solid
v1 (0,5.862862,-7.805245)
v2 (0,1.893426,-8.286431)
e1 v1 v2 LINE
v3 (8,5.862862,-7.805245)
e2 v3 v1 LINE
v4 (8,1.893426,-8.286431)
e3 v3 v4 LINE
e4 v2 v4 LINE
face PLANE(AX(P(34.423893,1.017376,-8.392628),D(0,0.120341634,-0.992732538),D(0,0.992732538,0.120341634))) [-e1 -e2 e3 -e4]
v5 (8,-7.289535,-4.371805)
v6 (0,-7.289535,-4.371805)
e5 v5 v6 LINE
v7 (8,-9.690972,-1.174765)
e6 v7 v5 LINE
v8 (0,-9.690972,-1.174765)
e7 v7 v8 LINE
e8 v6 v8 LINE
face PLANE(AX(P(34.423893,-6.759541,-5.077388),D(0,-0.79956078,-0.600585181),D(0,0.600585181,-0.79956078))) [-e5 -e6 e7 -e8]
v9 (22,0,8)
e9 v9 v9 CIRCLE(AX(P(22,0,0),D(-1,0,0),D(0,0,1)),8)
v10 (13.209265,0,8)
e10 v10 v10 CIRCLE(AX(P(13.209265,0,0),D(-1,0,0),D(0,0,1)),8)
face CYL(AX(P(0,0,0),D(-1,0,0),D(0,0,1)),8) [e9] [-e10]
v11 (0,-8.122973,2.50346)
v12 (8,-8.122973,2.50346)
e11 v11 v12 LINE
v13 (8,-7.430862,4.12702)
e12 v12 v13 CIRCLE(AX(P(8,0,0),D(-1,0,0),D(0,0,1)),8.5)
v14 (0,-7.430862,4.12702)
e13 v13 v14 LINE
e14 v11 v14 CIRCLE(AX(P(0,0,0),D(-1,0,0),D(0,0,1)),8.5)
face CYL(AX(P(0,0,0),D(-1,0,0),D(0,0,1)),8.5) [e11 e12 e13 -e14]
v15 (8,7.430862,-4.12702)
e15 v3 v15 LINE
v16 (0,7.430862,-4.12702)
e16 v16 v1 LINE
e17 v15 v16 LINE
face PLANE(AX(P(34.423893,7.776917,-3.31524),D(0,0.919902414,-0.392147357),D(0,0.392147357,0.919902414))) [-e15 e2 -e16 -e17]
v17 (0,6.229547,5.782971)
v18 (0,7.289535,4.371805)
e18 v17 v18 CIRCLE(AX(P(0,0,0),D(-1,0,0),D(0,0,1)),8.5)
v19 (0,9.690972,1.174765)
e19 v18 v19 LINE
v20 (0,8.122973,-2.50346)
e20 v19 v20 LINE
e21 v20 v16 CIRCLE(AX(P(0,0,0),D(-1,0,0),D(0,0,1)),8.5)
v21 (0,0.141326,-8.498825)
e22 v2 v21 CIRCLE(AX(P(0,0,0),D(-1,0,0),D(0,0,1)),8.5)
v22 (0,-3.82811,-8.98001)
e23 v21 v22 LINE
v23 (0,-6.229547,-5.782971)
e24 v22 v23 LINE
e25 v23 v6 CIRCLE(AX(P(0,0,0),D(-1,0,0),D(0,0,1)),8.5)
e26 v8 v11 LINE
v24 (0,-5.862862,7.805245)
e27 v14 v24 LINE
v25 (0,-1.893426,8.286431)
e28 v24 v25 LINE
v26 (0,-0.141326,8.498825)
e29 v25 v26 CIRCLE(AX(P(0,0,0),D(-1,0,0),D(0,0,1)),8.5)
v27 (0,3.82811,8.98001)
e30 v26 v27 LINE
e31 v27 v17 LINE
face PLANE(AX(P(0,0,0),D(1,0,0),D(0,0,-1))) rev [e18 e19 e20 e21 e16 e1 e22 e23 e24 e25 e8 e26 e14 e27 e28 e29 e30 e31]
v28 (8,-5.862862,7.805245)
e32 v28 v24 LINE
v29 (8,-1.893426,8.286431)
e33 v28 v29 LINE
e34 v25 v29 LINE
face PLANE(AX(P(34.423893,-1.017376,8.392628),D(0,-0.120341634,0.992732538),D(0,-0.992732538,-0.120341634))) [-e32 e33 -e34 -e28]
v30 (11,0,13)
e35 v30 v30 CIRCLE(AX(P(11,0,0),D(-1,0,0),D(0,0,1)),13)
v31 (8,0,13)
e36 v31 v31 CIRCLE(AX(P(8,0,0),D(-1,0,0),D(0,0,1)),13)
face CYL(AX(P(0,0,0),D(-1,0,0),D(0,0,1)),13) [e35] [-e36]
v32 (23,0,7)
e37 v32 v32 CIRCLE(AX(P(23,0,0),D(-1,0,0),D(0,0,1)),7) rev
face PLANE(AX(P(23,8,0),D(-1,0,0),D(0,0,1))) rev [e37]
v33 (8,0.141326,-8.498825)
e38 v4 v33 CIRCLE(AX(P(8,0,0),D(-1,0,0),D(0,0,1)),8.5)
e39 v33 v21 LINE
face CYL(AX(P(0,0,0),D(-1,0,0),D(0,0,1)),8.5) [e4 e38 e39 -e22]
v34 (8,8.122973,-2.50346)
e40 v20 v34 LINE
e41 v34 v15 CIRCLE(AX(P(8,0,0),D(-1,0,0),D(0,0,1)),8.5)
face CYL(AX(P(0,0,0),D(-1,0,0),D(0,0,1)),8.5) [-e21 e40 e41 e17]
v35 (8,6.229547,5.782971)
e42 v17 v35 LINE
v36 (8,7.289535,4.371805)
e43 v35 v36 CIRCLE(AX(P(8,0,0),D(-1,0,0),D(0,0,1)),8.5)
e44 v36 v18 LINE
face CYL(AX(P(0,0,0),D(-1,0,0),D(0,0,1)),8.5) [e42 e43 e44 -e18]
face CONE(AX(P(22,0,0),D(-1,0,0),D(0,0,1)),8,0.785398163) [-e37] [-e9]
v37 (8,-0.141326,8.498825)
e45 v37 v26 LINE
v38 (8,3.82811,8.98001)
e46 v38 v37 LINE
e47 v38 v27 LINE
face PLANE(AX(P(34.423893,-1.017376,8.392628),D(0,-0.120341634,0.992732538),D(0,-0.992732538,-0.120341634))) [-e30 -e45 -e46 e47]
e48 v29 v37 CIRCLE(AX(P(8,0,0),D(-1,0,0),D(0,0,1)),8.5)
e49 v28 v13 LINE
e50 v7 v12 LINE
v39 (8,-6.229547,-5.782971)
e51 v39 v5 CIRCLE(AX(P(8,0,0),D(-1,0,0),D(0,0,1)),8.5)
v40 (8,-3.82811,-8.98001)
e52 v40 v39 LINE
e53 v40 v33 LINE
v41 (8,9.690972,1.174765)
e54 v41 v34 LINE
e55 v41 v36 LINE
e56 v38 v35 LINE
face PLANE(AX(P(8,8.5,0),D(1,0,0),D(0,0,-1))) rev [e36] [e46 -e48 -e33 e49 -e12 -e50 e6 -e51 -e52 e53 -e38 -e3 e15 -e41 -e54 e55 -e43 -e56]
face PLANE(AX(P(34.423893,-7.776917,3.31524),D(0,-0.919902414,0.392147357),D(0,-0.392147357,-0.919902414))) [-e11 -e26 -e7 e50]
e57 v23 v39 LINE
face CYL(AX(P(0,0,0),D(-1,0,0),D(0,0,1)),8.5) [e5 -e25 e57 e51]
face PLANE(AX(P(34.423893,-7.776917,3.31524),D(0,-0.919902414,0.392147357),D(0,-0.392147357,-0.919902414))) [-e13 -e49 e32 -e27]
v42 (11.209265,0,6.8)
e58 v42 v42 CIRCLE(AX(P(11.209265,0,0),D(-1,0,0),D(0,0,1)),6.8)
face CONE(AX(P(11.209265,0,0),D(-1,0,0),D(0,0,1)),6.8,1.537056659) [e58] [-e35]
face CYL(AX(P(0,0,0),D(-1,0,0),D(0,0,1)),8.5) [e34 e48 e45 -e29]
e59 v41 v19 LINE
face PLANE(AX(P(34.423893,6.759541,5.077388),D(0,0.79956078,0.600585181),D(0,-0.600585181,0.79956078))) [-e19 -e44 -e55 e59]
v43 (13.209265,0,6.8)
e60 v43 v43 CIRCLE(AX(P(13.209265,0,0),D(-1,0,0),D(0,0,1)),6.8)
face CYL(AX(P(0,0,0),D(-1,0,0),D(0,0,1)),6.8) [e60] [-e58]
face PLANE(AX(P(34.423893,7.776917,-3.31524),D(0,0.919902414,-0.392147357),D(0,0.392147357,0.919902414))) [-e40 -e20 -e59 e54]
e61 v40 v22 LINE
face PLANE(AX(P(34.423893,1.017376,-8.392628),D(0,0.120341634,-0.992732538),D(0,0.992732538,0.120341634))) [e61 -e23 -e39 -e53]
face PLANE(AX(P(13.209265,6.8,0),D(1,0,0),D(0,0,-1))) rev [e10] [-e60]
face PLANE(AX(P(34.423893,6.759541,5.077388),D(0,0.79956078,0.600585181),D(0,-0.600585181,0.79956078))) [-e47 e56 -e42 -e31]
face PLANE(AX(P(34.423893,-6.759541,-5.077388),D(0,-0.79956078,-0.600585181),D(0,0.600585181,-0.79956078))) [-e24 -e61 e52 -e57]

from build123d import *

# Parameters (mm, degrees)
EXTRUDE_START   = -8
SKETCH_2_R      = 8.5
EXTRUDE_1_DEPTH = 8
CHAMFER_1_SIZE  = 1


with BuildPart() as part:
    # Sketch 1 → 旋转1 (revolve)
    with BuildSketch(Plane.XY, mode=Mode.PRIVATE) as revolve_1_sk:
        Polygon((0, 0), (0, 8.5), (8, 8.5), (8, 13), (11, 13), (11.209265355, 6.8), (13.209265355, 6.8), (13.209265355, 8), (23, 8), (23, 0), align=None)
    revolve(revolve_1_sk.sketch.rotate(Axis((0, 0, 0), (1, 0, 0)), 90), axis=Axis((0, 0, 0), (1, 0, 0)))

    # 草图2 → 凸台-拉伸1 (add)
    # profile 1 of 7: a face of its own
    with BuildSketch(Plane.ZY.offset(EXTRUDE_START)):
        Polygon((-1.174764966, -9.690972033), (7.805245485, -5.86286232), (8.980010451, 3.828109713), (1.174764966, 9.690972033), (-7.805245485, 5.86286232), (-8.980010451, -3.828109713), align=None)
        Circle(SKETCH_2_R, mode=Mode.SUBTRACT)
    # profile 2 of 7: a face of its own
    with BuildSketch(Plane.ZY.offset(EXTRUDE_START)):
        with BuildLine():
            Line((-7.805245485, 5.86286232), (-8.286430908, 1.893426207))
            ThreePointArc((-8.286430908, 1.893426207), (-6.796266629, 5.104974035), (-4.12702026, 7.430861577))
            Line((-4.12702026, 7.430861577), (-7.805245485, 5.86286232))
        make_face()
    # profile 3 of 7: a face of its own
    with BuildSketch(Plane.ZY.offset(EXTRUDE_START)):
        with BuildLine():
            ThreePointArc((-2.503460259, 8.122972777), (1.022903886, 8.43822657), (4.371804767, 7.289535176))
            Line((4.371804767, 7.289535176), (1.174764966, 9.690972033))
            Line((1.174764966, 9.690972033), (-2.503460259, 8.122972777))
        make_face()
    # profile 4 of 7: a face of its own
    with BuildSketch(Plane.ZY.offset(EXTRUDE_START)):
        with BuildLine():
            ThreePointArc((8.5, 0), (8.499706252, -0.070665642), (8.498825028, -0.141326401))
            Line((8.498825028, -0.141326401), (8.980010451, 3.828109713))
            Line((8.980010451, 3.828109713), (5.78297065, 6.22954657))
            ThreePointArc((5.78297065, 6.22954657), (7.79118895, 3.398142837), (8.5, 0))
        make_face()
    # profile 5 of 7: a face of its own
    with BuildSketch(Plane.ZY.offset(EXTRUDE_START)):
        with BuildLine():
            Line((4.12702026, -7.430861577), (7.805245485, -5.86286232))
            Line((7.805245485, -5.86286232), (8.286430908, -1.893426207))
            ThreePointArc((8.286430908, -1.893426207), (6.796266629, -5.104974035), (4.12702026, -7.430861577))
        make_face()
    # profile 6 of 7: a face of its own
    with BuildSketch(Plane.ZY.offset(EXTRUDE_START)):
        with BuildLine():
            Line((-1.174764966, -9.690972033), (2.503460259, -8.122972777))
            ThreePointArc((2.503460259, -8.122972777), (-1.022903886, -8.43822657), (-4.371804767, -7.289535176))
            Line((-4.371804767, -7.289535176), (-1.174764966, -9.690972033))
        make_face()
    # profile 7 of 7: a face of its own
    with BuildSketch(Plane.ZY.offset(EXTRUDE_START)):
        with BuildLine():
            Line((-8.980010451, -3.828109713), (-5.78297065, -6.22954657))
            ThreePointArc((-5.78297065, -6.22954657), (-7.819170515, -3.333252534), (-8.498825028, 0.141326401))
            Line((-8.498825028, 0.141326401), (-8.980010451, -3.828109713))
        make_face()
    extrude(amount=EXTRUDE_1_DEPTH)

    # 倒角1
    chamfer_1_edges = [part.edges().sort_by_distance(p)[0] for p in [
        (23, 0, -8),
    ]]
    chamfer(chamfer_1_edges, length=CHAMFER_1_SIZE)


solid = part.part
